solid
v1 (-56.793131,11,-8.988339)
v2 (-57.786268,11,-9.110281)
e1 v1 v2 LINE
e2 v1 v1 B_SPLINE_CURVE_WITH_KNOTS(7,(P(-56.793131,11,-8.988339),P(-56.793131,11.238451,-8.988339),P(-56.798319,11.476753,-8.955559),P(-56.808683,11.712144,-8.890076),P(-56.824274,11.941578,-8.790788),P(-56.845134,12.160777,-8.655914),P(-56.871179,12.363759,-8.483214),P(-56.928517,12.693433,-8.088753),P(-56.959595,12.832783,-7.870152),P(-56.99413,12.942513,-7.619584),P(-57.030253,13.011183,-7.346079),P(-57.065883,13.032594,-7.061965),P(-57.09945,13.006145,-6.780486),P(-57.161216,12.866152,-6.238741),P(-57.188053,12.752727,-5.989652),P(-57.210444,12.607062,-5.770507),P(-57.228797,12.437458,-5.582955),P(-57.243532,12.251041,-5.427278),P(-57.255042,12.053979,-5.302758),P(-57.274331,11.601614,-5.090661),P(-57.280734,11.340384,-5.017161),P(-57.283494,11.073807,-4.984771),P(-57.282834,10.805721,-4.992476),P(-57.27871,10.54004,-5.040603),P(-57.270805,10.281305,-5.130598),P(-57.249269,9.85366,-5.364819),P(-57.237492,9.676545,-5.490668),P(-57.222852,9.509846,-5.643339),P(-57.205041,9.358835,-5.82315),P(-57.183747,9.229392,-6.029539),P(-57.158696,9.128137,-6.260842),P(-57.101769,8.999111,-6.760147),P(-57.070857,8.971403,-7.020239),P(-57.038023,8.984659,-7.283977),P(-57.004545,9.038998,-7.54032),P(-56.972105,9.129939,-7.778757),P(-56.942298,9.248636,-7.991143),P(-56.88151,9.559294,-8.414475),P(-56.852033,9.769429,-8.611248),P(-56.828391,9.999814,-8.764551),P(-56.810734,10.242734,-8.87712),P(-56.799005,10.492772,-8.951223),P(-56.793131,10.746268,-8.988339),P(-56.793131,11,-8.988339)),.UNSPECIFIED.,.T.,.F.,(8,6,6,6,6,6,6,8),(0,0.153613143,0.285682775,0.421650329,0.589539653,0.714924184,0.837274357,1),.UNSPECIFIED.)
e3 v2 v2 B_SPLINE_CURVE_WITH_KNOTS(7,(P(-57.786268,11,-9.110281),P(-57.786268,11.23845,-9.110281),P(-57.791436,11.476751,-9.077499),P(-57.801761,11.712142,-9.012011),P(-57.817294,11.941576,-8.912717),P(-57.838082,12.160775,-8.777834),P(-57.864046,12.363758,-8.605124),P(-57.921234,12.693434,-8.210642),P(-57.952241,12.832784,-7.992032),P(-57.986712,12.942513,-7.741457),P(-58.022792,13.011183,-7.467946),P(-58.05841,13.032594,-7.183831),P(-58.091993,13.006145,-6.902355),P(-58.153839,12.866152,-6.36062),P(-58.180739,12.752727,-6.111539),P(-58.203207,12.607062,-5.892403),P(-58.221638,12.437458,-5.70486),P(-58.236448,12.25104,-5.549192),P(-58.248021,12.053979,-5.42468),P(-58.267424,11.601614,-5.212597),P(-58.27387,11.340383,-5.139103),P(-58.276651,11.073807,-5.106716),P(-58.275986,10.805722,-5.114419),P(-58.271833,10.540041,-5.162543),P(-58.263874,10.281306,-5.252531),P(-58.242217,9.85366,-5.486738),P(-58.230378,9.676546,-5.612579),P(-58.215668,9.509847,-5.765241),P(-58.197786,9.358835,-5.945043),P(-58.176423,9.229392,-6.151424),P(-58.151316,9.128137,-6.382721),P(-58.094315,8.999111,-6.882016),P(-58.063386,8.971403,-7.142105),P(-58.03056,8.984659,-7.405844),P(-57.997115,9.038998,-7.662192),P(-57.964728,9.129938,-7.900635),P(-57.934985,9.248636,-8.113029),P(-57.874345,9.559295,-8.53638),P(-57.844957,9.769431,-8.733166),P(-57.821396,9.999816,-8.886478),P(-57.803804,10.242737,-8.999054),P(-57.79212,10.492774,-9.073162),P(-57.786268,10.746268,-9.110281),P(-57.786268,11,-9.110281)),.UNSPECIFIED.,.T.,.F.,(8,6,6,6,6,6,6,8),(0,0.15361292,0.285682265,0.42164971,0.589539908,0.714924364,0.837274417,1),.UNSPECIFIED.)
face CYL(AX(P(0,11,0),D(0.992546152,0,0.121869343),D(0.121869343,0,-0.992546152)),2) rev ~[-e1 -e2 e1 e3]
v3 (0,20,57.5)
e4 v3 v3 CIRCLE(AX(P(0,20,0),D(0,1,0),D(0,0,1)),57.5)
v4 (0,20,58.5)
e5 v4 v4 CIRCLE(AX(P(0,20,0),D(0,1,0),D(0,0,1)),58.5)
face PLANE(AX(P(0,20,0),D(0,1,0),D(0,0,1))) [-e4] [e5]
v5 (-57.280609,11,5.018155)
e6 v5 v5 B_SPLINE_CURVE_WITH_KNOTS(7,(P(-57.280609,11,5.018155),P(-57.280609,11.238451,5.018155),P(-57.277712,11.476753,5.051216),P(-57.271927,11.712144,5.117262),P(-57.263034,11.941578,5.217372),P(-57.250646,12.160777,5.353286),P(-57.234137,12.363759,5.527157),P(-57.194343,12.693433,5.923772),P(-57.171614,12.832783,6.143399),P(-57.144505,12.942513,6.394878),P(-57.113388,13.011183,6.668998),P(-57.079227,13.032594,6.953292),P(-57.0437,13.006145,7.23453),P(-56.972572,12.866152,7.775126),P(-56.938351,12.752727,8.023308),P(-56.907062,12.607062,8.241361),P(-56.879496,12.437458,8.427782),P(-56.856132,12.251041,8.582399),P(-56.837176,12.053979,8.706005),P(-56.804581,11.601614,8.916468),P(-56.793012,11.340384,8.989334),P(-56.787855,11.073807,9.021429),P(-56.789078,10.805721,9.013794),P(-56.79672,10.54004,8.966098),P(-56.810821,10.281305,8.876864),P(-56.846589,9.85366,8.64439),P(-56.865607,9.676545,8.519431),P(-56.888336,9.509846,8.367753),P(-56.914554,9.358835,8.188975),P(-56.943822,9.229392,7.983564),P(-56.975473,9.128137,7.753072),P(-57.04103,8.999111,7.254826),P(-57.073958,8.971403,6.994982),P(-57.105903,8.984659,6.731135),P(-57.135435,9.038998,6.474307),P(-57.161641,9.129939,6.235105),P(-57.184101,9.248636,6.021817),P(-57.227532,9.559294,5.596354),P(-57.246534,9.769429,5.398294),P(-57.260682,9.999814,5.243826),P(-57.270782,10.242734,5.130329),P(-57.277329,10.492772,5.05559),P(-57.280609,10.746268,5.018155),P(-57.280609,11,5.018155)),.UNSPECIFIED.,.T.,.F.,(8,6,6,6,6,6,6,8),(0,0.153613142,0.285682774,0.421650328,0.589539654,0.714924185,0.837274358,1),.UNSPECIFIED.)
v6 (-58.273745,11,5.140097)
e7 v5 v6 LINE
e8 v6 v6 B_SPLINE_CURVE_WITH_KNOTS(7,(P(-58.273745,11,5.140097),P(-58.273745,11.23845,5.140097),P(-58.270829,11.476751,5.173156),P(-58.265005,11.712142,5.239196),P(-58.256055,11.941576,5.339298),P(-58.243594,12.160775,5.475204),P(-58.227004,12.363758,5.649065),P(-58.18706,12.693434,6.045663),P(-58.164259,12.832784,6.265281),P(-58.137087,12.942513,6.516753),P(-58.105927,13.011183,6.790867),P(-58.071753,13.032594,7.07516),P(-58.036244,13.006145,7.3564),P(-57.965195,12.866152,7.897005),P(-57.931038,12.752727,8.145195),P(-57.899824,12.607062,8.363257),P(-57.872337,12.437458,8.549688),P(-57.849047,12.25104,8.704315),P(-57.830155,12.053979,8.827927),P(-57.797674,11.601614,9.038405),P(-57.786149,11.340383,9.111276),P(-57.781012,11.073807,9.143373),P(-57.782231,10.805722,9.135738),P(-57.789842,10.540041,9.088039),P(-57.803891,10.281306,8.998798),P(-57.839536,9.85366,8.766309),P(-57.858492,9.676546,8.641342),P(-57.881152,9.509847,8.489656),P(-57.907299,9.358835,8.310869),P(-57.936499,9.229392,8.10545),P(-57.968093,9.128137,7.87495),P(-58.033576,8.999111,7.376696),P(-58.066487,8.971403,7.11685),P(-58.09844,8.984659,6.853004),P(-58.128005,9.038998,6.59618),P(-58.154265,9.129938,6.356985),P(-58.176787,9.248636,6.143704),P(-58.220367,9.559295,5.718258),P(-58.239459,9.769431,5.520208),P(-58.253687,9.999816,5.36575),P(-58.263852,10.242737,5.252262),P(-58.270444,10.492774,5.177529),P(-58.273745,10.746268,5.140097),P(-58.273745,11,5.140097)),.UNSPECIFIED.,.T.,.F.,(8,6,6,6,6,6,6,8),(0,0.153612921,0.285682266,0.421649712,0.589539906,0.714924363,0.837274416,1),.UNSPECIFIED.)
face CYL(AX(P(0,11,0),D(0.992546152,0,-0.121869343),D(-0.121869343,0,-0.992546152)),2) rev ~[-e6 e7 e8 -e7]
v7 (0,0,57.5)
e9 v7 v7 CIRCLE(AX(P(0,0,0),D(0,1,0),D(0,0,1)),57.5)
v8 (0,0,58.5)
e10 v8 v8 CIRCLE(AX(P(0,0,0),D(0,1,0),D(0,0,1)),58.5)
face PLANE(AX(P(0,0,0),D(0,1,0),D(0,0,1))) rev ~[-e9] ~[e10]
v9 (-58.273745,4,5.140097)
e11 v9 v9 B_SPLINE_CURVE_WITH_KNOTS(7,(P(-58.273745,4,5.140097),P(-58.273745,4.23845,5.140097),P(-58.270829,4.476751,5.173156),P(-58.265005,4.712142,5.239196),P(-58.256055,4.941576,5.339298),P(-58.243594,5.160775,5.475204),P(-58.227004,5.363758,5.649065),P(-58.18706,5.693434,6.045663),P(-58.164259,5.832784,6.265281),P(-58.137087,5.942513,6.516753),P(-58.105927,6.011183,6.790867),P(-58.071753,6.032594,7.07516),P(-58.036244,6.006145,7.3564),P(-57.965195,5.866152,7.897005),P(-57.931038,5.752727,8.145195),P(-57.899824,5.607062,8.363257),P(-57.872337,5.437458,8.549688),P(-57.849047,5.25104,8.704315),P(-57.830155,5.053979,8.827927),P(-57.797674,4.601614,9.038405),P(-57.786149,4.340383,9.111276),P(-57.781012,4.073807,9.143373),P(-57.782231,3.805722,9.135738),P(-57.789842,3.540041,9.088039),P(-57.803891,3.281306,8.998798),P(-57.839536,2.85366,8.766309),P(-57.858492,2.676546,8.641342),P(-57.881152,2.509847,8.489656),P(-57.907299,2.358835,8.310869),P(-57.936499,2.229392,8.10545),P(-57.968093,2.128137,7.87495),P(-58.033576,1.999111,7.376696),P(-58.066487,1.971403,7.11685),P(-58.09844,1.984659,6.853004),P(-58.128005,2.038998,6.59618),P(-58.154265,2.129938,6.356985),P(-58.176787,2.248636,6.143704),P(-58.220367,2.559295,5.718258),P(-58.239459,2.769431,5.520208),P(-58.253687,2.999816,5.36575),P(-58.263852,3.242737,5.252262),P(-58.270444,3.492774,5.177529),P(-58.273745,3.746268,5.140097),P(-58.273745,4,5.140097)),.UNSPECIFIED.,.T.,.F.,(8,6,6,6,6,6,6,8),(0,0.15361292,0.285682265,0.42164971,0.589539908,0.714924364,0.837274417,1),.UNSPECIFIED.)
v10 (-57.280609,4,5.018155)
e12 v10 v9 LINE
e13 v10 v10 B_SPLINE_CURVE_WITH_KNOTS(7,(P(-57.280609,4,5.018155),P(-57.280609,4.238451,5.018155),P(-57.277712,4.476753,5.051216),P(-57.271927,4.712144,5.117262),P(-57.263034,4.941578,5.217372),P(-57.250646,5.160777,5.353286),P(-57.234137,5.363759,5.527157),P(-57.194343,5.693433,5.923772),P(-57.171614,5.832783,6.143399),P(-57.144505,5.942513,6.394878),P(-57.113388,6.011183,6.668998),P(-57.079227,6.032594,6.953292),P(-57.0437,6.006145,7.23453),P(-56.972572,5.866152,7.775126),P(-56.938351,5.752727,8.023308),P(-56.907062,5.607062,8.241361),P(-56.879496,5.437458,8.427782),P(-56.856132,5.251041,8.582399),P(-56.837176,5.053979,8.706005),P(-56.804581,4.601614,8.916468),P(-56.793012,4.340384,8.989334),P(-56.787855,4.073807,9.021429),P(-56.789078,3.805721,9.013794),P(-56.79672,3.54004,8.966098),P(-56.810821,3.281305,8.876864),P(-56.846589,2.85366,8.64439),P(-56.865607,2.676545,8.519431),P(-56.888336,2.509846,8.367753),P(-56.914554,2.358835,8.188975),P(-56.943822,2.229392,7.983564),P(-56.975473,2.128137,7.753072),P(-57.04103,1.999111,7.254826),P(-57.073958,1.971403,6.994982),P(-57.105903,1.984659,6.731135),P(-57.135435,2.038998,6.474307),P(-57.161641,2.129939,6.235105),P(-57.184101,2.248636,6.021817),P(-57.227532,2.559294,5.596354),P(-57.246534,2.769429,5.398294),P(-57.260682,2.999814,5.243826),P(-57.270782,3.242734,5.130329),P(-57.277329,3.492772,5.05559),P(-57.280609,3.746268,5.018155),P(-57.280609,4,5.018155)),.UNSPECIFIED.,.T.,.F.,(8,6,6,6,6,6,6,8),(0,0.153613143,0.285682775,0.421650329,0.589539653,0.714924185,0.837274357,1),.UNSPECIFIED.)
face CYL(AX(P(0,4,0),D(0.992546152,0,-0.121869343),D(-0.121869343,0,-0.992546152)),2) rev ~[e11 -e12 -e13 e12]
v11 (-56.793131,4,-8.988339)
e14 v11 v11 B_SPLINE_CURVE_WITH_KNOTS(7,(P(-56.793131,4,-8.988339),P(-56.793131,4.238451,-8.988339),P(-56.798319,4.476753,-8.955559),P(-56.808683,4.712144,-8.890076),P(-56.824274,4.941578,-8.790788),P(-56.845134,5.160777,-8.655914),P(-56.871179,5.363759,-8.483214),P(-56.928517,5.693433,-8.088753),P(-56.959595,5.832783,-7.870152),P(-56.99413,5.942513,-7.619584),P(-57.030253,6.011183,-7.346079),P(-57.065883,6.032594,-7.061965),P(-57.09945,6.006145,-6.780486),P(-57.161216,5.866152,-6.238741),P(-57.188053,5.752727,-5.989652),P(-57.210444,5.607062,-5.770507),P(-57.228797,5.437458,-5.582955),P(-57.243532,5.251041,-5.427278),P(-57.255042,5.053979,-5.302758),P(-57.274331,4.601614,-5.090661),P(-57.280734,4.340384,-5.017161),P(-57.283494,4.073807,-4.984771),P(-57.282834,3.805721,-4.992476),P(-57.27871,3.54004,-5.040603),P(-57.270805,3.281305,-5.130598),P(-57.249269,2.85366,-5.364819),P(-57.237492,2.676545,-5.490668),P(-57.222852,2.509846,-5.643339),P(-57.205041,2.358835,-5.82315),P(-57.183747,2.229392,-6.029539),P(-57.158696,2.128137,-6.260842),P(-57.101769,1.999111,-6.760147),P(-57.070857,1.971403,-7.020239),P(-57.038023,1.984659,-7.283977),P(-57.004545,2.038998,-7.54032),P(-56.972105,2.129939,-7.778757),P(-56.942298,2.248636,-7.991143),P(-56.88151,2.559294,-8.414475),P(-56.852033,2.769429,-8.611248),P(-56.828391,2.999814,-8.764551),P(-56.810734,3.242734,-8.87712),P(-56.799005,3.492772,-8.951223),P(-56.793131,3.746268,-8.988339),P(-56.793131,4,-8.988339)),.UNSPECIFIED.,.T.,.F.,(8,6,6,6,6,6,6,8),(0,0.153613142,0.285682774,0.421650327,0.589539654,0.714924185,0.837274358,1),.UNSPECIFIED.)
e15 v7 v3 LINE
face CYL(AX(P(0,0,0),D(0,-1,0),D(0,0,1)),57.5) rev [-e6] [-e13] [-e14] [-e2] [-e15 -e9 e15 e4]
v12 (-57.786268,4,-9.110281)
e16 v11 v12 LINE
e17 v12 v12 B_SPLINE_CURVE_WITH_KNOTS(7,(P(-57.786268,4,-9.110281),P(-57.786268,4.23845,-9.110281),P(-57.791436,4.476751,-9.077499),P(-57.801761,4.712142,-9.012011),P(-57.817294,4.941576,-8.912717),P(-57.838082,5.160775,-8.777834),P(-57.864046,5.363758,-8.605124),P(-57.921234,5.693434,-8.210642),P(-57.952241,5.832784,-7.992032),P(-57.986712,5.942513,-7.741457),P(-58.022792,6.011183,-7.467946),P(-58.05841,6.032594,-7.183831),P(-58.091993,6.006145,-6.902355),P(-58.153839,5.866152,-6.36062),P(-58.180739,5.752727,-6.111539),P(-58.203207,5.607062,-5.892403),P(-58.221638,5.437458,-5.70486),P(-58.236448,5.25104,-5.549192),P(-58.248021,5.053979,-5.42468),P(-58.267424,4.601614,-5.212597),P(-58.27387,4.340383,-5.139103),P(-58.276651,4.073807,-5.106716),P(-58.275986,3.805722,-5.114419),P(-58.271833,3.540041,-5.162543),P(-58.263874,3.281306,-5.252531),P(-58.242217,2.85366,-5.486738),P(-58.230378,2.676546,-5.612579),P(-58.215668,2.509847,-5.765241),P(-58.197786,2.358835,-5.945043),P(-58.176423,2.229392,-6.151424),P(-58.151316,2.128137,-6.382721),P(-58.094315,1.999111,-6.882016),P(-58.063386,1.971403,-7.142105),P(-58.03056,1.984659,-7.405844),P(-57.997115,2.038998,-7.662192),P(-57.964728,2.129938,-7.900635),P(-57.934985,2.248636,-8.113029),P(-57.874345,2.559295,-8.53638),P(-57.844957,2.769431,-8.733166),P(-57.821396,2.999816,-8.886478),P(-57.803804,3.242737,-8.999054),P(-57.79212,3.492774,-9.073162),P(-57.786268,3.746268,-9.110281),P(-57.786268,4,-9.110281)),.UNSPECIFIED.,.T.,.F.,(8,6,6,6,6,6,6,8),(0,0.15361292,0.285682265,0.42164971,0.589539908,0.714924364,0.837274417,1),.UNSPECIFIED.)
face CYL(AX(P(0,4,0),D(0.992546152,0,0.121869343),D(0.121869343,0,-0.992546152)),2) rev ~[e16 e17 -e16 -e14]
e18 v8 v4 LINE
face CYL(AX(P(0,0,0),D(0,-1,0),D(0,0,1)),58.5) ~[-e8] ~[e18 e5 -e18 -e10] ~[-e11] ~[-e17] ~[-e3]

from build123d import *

# Parameters (mm, degrees)
SKETCH_1_R          = 58.5
SKETCH_1_R_2        = 57.5
EXTRUDE_1_DEPTH     = 20
SKETCH_3_R          = 2
CUT_EXTRUDE_1_DEPTH = 71
SKETCH_4_R          = 2
CUT_EXTRUDE_2_DEPTH = 71


with BuildPart() as part:
    # 草图1 → 凸台-拉伸1 (new body)
    with BuildSketch(Plane(origin=(0, 0, 0), x_dir=(1, 0, 0), z_dir=(0, 1, 0))):
        with Locations(Location((0, 0, 0), (0, 0, 270))):
            Circle(SKETCH_1_R)
        with Locations(Location((0, 0, 0), (0, 0, 270))):
            Circle(SKETCH_1_R_2, mode=Mode.SUBTRACT)
    extrude(amount=EXTRUDE_1_DEPTH)

    # 草图3 → 切除-拉伸1 (cut)
    with BuildSketch(Plane(origin=(0, 0, 0), x_dir=(-0.12186934340515121, 0, -0.9925461516413215), z_dir=(0.9925461516413215, 0, -0.12186934340515121))):
        with Locations((0, 11)):
            Circle(SKETCH_3_R)
        with Locations((0, 4)):
            Circle(SKETCH_3_R)
    extrude(amount=-CUT_EXTRUDE_1_DEPTH, mode=Mode.SUBTRACT)

    # 草图4 → 切除-拉伸2 (cut)
    with BuildSketch(Plane(origin=(0, 0, 0), x_dir=(0.12186934340514427, 0, -0.9925461516413224), z_dir=(0.9925461516413224, 0, 0.12186934340514427))):
        with Locations((0, 11)):
            Circle(SKETCH_4_R)
        with Locations((0, 4)):
            Circle(SKETCH_4_R)
    extrude(amount=-CUT_EXTRUDE_2_DEPTH, mode=Mode.SUBTRACT)


solid = part.part
